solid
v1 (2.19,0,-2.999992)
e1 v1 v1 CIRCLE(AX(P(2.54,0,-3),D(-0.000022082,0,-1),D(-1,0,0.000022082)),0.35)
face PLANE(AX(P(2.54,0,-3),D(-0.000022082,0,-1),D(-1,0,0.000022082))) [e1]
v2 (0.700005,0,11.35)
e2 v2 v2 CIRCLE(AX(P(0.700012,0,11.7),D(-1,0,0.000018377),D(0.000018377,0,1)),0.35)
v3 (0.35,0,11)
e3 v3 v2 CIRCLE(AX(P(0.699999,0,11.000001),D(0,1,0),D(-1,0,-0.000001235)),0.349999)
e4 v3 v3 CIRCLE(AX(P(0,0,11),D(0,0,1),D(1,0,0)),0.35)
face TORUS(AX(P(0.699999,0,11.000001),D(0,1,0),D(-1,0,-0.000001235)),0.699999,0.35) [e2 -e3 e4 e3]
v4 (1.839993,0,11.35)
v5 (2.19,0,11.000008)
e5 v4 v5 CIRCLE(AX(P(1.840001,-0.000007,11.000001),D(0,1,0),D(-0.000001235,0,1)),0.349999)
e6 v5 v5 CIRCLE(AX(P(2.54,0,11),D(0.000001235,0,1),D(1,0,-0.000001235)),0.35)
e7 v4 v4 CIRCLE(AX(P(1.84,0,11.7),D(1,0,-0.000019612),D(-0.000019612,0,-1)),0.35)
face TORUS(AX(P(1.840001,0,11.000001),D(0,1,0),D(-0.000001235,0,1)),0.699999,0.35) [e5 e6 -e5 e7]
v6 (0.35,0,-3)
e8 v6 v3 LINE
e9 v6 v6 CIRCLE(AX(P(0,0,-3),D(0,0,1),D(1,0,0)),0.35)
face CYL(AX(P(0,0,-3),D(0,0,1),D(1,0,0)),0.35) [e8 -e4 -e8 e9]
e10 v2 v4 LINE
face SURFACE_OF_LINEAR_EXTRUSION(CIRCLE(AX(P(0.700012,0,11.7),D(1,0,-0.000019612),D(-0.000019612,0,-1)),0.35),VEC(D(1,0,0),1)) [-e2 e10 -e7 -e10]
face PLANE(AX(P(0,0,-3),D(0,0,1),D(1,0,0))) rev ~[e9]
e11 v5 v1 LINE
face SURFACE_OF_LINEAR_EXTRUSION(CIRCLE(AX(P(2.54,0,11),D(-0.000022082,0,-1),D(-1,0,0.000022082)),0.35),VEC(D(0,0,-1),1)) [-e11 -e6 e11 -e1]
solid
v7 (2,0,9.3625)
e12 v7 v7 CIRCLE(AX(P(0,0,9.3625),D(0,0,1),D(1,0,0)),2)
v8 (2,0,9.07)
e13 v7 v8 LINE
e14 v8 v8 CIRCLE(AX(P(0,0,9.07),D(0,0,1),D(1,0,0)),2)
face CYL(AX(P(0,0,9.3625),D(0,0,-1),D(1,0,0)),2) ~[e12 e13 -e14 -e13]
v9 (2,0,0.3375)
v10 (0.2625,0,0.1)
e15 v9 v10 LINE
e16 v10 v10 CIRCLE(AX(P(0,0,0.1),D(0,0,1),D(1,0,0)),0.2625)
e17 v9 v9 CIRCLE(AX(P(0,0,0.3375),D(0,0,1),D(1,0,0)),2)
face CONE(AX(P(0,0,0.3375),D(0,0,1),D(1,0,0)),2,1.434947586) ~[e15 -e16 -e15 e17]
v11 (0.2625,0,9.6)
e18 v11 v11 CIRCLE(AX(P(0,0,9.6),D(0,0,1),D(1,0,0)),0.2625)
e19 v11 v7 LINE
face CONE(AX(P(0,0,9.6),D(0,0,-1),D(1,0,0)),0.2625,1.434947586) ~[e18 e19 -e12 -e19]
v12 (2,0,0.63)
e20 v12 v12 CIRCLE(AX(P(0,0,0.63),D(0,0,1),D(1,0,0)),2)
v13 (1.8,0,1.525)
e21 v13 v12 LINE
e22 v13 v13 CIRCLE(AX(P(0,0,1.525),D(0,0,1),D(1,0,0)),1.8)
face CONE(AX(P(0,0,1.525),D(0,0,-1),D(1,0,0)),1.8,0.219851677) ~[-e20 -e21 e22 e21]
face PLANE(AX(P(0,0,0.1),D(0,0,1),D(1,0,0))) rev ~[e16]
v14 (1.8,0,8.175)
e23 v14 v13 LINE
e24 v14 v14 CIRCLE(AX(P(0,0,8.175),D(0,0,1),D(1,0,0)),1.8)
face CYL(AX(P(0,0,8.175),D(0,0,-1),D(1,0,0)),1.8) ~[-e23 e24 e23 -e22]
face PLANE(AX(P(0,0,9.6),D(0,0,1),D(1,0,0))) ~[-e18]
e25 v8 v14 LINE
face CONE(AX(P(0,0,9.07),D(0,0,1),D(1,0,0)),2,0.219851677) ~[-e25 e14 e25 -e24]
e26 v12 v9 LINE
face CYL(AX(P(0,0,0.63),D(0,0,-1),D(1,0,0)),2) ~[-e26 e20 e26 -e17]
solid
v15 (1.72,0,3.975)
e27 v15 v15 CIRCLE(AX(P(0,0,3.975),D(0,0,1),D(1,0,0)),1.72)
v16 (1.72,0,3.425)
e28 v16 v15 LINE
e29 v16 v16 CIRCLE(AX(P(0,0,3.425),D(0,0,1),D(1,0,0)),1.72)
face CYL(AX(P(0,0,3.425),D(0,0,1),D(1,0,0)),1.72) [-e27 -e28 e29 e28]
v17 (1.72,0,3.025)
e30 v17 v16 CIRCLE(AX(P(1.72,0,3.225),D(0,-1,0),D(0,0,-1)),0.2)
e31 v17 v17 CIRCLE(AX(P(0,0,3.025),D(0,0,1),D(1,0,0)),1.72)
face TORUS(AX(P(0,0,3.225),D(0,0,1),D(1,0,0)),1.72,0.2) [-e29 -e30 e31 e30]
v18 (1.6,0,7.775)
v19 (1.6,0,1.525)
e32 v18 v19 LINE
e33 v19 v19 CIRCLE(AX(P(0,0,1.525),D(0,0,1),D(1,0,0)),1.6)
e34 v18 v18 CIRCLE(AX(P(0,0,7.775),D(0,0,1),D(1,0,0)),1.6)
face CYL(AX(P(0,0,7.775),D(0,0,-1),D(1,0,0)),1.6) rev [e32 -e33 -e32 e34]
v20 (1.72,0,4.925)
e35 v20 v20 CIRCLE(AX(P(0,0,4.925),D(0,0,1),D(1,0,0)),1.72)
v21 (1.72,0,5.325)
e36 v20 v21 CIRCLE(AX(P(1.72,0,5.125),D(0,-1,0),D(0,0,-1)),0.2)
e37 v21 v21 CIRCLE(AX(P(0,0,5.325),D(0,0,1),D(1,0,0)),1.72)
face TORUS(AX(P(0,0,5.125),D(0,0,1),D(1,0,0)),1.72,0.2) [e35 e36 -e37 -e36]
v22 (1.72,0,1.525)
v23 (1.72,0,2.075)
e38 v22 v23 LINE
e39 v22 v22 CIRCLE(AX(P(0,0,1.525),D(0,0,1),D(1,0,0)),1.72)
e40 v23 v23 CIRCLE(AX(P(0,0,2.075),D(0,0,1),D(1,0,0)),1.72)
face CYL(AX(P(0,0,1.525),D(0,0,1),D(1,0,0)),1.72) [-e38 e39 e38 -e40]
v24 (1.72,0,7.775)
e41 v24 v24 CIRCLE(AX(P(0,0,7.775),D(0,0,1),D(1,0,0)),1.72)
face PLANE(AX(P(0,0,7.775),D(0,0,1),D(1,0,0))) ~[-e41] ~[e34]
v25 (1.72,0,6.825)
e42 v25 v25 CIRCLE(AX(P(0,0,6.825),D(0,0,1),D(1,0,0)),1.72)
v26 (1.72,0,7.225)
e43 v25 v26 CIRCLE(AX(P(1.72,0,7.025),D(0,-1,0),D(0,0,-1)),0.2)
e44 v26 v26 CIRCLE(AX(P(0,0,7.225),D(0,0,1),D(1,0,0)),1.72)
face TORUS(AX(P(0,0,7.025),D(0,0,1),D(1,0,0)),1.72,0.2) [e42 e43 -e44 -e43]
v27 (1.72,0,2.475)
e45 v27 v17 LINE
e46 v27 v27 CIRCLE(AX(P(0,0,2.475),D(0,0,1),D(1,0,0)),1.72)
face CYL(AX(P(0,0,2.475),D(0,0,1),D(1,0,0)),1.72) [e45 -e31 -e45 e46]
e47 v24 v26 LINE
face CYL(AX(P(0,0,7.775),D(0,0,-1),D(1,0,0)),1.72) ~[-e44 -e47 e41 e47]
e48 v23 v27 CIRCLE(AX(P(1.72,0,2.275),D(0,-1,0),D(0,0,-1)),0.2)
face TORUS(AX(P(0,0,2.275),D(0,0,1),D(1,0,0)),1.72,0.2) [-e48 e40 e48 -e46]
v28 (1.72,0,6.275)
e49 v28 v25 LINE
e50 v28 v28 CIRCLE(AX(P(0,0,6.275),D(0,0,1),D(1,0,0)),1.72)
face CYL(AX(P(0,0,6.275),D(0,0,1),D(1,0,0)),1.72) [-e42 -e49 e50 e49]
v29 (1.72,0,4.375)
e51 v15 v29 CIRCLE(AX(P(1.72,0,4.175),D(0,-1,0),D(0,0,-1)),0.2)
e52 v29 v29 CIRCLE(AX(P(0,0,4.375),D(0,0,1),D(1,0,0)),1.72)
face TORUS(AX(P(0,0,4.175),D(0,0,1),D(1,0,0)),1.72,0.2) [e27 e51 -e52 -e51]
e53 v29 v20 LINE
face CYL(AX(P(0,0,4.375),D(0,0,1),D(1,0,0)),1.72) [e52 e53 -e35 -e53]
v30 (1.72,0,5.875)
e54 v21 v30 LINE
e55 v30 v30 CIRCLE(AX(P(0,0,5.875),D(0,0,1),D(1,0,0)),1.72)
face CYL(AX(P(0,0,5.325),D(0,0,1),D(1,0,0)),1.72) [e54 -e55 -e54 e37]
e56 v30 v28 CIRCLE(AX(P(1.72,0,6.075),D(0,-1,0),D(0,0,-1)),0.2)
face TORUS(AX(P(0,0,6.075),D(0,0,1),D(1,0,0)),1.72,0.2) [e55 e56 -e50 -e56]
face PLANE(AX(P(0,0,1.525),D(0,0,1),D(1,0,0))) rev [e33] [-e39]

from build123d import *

# Parameters (mm, degrees)
SKETCH_R = 0.35


with BuildPart() as sweep_body:
    # Sweep: sweep along a path in Sketch001
    with BuildLine(Plane.XZ) as sweep_path:
        Line((0, -3), (0, 11))
        ThreePointArc((0, 11), (0.205029, 11.494979), (0.700012, 11.7))
        Line((0.700012, 11.7), (1.84, 11.7))
        ThreePointArc((1.84, 11.7), (2.334975, 11.494975), (2.54, 11))
        Line((2.54, 11), (2.54, -3))
    # Sketch → Sweep (sweep)
    with BuildSketch(Plane.XY.offset(-2)):
        Circle(SKETCH_R)
    sweep(path=sweep_path.line)


with BuildPart() as revolution:
    # Sketch002 → Revolution (revolve)
    with BuildSketch(Plane.XZ):
        Polygon((0, 0.1), (0, 9.6), (0.2625, 9.6), (2, 9.3625), (2, 9.07), (1.8, 8.175), (1.8, 1.525), (2, 0.63), (2, 0.3375), (0.2625, 0.1), align=None)
    revolve(axis=Axis((0, 0, 0), (0, 0, 1)))


with BuildPart() as revolution001:
    # Sketch003 → Revolution001 (revolve)
    with BuildSketch(Plane.XZ):
        with BuildLine():
            Line((1.6, 7.775), (1.6, 1.525))
            Line((1.6, 1.525), (1.72, 1.525))
            Line((1.72, 1.525), (1.72, 2.075))
            ThreePointArc((1.72, 2.075), (1.92, 2.275), (1.72, 2.475))
            Line((1.72, 2.475), (1.72, 3.025))
            ThreePointArc((1.72, 3.025), (1.92, 3.225), (1.72, 3.425))
            Line((1.72, 3.425), (1.72, 3.975))
            ThreePointArc((1.72, 3.975), (1.92, 4.175), (1.72, 4.375))
            Line((1.72, 4.375), (1.72, 4.925))
            ThreePointArc((1.72, 4.925), (1.92, 5.125), (1.72, 5.325))
            Line((1.72, 5.325), (1.72, 5.875))
            ThreePointArc((1.72, 5.875), (1.92, 6.075), (1.72, 6.275))
            Line((1.72, 6.275), (1.72, 6.825))
            ThreePointArc((1.72, 6.825), (1.92, 7.025), (1.72, 7.225))
            Line((1.72, 7.775), (1.72, 7.225))
            Line((1.6, 7.775), (1.72, 7.775))
        make_face()
    revolve(axis=Axis((0, 0, 0), (0, 0, 1)))


solid = Compound([sweep_body.part, revolution.part, revolution001.part])
